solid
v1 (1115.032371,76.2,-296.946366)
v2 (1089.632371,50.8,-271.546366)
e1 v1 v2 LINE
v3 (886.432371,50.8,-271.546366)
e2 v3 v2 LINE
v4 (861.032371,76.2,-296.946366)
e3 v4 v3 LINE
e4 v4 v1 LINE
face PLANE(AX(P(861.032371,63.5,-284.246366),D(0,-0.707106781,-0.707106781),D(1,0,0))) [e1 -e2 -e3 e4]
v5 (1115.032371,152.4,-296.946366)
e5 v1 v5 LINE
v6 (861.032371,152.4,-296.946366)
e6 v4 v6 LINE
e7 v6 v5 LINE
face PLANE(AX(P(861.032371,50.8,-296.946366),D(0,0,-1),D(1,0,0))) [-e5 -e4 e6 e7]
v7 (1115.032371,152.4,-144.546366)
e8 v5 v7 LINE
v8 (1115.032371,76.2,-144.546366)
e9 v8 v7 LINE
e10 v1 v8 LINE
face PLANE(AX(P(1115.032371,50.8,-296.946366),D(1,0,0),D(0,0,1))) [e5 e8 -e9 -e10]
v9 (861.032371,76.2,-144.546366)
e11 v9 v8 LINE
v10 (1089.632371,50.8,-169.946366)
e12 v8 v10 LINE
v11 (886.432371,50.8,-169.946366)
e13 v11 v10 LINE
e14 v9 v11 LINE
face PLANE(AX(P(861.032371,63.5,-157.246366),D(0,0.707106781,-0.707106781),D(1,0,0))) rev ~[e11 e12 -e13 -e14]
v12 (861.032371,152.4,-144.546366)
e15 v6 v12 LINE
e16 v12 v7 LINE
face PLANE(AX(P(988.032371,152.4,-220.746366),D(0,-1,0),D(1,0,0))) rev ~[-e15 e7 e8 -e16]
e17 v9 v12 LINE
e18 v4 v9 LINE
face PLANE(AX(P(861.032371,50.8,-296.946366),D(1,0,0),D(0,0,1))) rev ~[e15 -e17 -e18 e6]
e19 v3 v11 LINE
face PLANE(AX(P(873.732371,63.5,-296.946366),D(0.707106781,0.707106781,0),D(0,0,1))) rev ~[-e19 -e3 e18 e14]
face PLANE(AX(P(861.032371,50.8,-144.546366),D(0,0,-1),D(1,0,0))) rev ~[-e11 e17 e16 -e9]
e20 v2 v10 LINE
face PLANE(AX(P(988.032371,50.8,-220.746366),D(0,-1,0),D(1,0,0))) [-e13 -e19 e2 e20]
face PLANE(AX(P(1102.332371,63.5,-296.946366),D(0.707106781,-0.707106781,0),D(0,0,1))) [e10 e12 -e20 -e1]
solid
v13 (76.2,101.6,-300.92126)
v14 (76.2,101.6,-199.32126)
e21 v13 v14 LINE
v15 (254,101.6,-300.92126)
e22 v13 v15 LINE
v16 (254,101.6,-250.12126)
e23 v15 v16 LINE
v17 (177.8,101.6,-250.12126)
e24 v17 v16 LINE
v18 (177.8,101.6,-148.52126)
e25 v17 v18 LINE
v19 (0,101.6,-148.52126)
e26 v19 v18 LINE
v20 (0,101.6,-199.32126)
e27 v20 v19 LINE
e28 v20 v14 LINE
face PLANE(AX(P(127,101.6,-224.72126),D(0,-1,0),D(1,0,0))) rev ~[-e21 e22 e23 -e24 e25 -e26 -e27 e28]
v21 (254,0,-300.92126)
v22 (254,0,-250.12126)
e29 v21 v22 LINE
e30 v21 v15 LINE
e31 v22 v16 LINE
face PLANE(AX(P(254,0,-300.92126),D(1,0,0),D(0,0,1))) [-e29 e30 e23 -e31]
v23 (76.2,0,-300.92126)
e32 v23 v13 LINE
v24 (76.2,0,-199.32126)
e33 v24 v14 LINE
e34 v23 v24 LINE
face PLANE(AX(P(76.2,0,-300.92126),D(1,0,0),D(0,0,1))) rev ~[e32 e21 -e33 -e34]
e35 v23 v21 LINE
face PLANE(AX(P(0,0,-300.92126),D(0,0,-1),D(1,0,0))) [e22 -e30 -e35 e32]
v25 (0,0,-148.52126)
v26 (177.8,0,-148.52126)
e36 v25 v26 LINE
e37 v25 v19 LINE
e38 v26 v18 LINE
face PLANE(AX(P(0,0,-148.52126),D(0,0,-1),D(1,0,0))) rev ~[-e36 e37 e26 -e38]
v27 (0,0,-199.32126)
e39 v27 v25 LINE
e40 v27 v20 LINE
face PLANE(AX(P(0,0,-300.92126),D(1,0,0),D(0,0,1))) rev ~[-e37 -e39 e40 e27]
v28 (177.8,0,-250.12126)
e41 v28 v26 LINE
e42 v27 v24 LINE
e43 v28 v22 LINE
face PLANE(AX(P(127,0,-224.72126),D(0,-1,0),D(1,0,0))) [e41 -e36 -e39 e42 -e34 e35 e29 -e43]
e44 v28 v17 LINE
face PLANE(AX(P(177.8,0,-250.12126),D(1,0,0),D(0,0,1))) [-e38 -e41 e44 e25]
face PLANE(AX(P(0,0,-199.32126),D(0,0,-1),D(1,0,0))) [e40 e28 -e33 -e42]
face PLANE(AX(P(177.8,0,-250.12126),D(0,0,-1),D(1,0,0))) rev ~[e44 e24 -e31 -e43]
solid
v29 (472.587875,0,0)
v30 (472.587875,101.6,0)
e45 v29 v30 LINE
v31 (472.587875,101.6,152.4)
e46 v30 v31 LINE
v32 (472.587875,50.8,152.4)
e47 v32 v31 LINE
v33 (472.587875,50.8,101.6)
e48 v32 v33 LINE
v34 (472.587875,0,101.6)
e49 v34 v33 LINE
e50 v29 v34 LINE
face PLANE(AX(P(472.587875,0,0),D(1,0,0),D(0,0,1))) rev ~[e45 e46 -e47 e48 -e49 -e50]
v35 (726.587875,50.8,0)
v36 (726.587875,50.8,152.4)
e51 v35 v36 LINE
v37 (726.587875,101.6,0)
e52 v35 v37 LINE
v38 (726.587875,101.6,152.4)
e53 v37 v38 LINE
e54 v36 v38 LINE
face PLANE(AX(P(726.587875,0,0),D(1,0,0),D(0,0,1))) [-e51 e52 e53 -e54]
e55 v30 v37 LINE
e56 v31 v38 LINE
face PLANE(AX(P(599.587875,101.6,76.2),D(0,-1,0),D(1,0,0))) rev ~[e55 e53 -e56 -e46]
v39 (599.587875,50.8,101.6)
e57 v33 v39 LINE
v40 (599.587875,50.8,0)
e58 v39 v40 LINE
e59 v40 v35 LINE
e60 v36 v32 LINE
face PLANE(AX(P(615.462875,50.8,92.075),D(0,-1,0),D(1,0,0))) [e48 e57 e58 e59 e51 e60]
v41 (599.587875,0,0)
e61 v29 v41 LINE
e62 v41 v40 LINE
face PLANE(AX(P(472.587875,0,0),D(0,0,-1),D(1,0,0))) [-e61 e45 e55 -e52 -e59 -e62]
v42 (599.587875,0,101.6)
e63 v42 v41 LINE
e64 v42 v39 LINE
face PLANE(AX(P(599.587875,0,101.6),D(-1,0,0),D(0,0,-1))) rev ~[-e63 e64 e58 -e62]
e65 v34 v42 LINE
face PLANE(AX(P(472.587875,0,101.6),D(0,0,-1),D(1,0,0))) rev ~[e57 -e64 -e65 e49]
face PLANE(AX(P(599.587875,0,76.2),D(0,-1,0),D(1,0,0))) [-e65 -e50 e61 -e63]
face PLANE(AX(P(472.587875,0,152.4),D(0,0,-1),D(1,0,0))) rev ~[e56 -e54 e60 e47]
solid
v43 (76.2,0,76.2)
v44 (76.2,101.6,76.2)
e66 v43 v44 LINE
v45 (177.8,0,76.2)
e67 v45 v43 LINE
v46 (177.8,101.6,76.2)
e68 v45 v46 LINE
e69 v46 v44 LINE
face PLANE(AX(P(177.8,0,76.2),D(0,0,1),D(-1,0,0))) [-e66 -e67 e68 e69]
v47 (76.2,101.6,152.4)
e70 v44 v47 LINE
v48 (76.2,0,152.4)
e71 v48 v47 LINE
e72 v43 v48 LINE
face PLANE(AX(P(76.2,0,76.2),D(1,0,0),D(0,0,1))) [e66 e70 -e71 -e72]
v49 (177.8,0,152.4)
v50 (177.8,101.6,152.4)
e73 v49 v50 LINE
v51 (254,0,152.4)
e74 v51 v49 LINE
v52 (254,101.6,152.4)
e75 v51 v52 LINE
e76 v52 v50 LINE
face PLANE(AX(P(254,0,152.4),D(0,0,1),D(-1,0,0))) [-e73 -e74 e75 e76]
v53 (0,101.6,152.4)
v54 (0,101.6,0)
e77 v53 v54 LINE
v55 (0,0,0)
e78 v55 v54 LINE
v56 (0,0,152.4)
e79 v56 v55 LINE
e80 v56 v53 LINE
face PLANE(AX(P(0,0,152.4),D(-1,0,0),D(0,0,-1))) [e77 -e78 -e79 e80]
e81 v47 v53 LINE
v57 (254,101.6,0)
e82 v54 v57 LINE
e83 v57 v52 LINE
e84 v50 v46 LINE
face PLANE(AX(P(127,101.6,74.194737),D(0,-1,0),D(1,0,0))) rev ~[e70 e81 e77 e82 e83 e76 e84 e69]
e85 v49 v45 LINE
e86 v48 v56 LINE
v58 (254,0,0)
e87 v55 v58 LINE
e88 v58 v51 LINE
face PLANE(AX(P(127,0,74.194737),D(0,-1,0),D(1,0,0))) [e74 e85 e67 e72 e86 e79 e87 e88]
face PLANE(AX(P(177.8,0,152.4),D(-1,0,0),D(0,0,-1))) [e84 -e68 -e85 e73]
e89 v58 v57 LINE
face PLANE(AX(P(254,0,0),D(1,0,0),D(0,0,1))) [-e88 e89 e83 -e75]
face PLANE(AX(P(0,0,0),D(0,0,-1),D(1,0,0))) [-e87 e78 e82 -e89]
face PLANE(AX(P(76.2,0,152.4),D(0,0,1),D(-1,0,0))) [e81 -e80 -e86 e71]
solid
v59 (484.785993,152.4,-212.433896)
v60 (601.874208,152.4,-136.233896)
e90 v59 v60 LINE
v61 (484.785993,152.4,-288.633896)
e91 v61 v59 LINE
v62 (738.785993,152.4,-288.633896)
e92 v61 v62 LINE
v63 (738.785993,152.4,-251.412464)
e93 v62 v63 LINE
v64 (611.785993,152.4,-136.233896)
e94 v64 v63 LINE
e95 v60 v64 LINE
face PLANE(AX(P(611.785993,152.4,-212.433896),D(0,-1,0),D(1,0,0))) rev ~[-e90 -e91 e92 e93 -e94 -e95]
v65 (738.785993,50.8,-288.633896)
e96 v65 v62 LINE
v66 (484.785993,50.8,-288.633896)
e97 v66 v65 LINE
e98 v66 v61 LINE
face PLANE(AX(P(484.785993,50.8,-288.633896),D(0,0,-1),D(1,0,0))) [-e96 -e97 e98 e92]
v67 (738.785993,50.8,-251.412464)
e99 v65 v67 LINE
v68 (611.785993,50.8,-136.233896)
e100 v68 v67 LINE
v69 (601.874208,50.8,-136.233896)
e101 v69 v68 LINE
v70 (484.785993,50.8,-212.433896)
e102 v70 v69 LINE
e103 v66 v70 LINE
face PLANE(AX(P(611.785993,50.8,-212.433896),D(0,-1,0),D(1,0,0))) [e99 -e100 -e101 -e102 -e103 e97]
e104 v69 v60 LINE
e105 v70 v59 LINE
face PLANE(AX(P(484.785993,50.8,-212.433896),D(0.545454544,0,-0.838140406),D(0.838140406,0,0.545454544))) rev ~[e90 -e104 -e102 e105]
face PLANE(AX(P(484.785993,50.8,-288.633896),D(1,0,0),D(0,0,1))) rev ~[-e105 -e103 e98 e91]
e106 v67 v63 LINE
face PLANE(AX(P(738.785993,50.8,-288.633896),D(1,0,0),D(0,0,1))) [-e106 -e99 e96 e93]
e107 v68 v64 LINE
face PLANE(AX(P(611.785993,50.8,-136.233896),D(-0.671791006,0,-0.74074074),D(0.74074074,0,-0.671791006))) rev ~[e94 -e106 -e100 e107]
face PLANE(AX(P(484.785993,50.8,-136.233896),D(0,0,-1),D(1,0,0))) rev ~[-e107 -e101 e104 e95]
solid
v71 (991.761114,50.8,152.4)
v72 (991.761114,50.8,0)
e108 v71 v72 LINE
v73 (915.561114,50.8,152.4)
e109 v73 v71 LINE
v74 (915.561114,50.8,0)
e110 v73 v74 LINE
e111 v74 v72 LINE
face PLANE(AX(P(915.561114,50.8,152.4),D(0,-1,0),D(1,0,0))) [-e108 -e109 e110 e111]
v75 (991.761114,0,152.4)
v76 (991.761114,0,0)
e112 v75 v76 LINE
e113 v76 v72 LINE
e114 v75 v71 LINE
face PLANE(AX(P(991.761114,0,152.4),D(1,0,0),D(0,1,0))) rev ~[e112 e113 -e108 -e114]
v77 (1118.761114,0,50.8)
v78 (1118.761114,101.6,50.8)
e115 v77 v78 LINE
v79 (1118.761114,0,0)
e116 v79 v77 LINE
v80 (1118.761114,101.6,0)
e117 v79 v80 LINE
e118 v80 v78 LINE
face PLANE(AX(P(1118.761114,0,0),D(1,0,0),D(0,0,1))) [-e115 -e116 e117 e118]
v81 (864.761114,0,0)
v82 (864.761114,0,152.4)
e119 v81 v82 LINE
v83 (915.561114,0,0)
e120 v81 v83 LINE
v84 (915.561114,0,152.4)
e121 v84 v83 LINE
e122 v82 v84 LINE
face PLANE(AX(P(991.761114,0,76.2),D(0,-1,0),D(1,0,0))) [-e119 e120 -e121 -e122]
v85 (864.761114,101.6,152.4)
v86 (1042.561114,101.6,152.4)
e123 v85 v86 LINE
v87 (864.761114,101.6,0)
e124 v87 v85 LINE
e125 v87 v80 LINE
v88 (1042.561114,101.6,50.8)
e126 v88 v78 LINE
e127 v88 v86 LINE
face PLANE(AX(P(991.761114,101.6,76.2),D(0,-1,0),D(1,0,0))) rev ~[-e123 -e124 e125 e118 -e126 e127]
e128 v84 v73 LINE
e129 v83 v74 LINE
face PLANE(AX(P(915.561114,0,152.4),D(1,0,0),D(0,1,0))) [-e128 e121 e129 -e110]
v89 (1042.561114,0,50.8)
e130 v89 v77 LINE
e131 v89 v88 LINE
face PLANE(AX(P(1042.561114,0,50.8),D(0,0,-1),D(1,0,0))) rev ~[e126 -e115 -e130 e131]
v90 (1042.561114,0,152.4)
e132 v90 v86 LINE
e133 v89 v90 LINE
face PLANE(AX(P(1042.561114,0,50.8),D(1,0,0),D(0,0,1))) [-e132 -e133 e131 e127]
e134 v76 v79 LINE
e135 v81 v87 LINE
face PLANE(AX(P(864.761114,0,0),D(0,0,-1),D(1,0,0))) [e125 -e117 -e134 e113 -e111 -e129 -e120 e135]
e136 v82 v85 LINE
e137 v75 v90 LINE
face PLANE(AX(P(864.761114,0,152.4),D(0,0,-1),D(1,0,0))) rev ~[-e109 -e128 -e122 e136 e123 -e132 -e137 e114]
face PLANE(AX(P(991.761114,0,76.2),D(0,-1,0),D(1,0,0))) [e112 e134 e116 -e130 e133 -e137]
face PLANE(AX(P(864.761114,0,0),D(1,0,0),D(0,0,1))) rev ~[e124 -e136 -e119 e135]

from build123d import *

# Parameters (mm, degrees)
F1_DEPTH  = 101.6
F2_W      = 254
F2_H      = 152.4
F3_DEPTH  = 101.6
F5_DEPTH  = 50.8
F6_W      = 254
F6_H      = 152.4
F7_DEPTH  = 101.6
F8_W      = 76.2
F8_H      = 50.8
F9_DEPTH  = 152.4
F10_W     = 76.2
F10_H     = 101.6
F11_DEPTH = 101.6
F12_W     = 254
F12_H     = 152.4
F13_DEPTH = 101.6
F14_W     = 76.2
F14_H     = 101.6
F15_DEPTH = 101.6
F16_W     = 76.2
F16_H     = 101.6
F17_DEPTH = 101.6
F18_W     = 254
F18_H     = 152.4
F19_DEPTH = 101.6
F21_DEPTH = 101.6
F22_W     = 254
F22_H     = 152.4
F23_DEPTH = 101.6
F24_SIZE  = 25.4


with BuildPart() as f1:
    # F0 (on Front) → F1 (new body)
    with BuildSketch(Plane.XZ):
        Polygon((0, 152.4), (0, 0), (254, 0), (254, 152.4), (177.8, 152.4), (177.8, 76.2), (76.2, 76.2), (76.2, 152.4), align=None)
    extrude(amount=-F1_DEPTH)


with BuildPart() as f3:
    # F2 (on Front) → F3 (new body)
    with BuildSketch(Plane.XZ):
        with Locations((599.587875, 76.2)):
            Rectangle(F2_W, F2_H)
    extrude(amount=-F3_DEPTH)

    # F4 (on face) → F5 (cut)
    with BuildSketch(Plane.XZ):
        Polygon((726.587875, 152.4), (472.587875, 152.4), (472.587875, 101.6), (599.587875, 101.6), (599.587875, 0), (726.587875, 0), align=None)
    extrude(amount=-F5_DEPTH, mode=Mode.SUBTRACT)


with BuildPart() as f7:
    # F6 (on Front) → F7 (new body)
    with BuildSketch(Plane.XZ):
        with Locations((991.761114, 76.2)):
            Rectangle(F6_W, F6_H)
    extrude(amount=-F7_DEPTH)

    # F8 (on face) → F9 (cut)
    with BuildSketch(Plane.XY.offset(152.4)):
        with Locations((953.661114, 25.4)):
            Rectangle(F8_W, F8_H)
    extrude(amount=-F9_DEPTH, mode=Mode.SUBTRACT)

    # F10 (on face) → F11 (cut)
    with BuildSketch(Plane.XZ):
        with Locations((1080.661114, 101.6)):
            Rectangle(F10_W, F10_H)
    extrude(amount=-F11_DEPTH, mode=Mode.SUBTRACT)


with BuildPart() as f13:
    # F12 (on Front) → F13 (new body)
    with BuildSketch(Plane.XZ):
        with Locations((127, -224.72126)):
            Rectangle(F12_W, F12_H)
    extrude(amount=-F13_DEPTH)

    # F14 (on face) → F15 (cut)
    with BuildSketch(Plane.XZ):
        with Locations((38.1, -250.12126)):
            Rectangle(F14_W, F14_H)
    extrude(amount=-F15_DEPTH, mode=Mode.SUBTRACT)

    # F16 (on face) → F17 (cut)
    with BuildSketch(Plane.XZ):
        with Locations((215.9, -199.32126)):
            Rectangle(F16_W, F16_H)
    extrude(amount=-F17_DEPTH, mode=Mode.SUBTRACT)


with BuildPart() as f19:
    # F18 (on face) → F19 (new body)
    with BuildSketch(Plane.XZ.offset(-50.8)):
        with Locations((611.785993, -212.433896)):
            Rectangle(F18_W, F18_H)
    extrude(amount=-F19_DEPTH)

    # F20 (on face) → F21 (cut)
    with BuildSketch(Plane.XZ.offset(-50.8)):
        Polygon((484.785993, -136.233896), (484.785993, -212.433896), (601.874208, -136.233896), align=None)
        Polygon((738.785993, -136.233896), (611.785993, -136.233896), (738.785993, -251.412464), align=None)
    extrude(amount=-F21_DEPTH, mode=Mode.SUBTRACT)


with BuildPart() as f23:
    # F22 (on face) → F23 (new body)
    with BuildSketch(Plane.XZ.offset(-50.8)):
        with Locations((988.032371, -220.746366)):
            Rectangle(F22_W, F22_H)
    extrude(amount=-F23_DEPTH)

    # F24
    f24_edges = [f23.edges().sort_by_distance(p)[0] for p in [
        (988.032371, 50.8, -144.546366),
        (861.032371, 50.8, -220.746366),
        (988.032371, 50.8, -296.946366),
        (1115.032371, 50.8, -220.746366),
    ]]
    chamfer(f24_edges, length=F24_SIZE)


solid = Compound([f1.part, f3.part, f7.part, f13.part, f19.part, f23.part])
